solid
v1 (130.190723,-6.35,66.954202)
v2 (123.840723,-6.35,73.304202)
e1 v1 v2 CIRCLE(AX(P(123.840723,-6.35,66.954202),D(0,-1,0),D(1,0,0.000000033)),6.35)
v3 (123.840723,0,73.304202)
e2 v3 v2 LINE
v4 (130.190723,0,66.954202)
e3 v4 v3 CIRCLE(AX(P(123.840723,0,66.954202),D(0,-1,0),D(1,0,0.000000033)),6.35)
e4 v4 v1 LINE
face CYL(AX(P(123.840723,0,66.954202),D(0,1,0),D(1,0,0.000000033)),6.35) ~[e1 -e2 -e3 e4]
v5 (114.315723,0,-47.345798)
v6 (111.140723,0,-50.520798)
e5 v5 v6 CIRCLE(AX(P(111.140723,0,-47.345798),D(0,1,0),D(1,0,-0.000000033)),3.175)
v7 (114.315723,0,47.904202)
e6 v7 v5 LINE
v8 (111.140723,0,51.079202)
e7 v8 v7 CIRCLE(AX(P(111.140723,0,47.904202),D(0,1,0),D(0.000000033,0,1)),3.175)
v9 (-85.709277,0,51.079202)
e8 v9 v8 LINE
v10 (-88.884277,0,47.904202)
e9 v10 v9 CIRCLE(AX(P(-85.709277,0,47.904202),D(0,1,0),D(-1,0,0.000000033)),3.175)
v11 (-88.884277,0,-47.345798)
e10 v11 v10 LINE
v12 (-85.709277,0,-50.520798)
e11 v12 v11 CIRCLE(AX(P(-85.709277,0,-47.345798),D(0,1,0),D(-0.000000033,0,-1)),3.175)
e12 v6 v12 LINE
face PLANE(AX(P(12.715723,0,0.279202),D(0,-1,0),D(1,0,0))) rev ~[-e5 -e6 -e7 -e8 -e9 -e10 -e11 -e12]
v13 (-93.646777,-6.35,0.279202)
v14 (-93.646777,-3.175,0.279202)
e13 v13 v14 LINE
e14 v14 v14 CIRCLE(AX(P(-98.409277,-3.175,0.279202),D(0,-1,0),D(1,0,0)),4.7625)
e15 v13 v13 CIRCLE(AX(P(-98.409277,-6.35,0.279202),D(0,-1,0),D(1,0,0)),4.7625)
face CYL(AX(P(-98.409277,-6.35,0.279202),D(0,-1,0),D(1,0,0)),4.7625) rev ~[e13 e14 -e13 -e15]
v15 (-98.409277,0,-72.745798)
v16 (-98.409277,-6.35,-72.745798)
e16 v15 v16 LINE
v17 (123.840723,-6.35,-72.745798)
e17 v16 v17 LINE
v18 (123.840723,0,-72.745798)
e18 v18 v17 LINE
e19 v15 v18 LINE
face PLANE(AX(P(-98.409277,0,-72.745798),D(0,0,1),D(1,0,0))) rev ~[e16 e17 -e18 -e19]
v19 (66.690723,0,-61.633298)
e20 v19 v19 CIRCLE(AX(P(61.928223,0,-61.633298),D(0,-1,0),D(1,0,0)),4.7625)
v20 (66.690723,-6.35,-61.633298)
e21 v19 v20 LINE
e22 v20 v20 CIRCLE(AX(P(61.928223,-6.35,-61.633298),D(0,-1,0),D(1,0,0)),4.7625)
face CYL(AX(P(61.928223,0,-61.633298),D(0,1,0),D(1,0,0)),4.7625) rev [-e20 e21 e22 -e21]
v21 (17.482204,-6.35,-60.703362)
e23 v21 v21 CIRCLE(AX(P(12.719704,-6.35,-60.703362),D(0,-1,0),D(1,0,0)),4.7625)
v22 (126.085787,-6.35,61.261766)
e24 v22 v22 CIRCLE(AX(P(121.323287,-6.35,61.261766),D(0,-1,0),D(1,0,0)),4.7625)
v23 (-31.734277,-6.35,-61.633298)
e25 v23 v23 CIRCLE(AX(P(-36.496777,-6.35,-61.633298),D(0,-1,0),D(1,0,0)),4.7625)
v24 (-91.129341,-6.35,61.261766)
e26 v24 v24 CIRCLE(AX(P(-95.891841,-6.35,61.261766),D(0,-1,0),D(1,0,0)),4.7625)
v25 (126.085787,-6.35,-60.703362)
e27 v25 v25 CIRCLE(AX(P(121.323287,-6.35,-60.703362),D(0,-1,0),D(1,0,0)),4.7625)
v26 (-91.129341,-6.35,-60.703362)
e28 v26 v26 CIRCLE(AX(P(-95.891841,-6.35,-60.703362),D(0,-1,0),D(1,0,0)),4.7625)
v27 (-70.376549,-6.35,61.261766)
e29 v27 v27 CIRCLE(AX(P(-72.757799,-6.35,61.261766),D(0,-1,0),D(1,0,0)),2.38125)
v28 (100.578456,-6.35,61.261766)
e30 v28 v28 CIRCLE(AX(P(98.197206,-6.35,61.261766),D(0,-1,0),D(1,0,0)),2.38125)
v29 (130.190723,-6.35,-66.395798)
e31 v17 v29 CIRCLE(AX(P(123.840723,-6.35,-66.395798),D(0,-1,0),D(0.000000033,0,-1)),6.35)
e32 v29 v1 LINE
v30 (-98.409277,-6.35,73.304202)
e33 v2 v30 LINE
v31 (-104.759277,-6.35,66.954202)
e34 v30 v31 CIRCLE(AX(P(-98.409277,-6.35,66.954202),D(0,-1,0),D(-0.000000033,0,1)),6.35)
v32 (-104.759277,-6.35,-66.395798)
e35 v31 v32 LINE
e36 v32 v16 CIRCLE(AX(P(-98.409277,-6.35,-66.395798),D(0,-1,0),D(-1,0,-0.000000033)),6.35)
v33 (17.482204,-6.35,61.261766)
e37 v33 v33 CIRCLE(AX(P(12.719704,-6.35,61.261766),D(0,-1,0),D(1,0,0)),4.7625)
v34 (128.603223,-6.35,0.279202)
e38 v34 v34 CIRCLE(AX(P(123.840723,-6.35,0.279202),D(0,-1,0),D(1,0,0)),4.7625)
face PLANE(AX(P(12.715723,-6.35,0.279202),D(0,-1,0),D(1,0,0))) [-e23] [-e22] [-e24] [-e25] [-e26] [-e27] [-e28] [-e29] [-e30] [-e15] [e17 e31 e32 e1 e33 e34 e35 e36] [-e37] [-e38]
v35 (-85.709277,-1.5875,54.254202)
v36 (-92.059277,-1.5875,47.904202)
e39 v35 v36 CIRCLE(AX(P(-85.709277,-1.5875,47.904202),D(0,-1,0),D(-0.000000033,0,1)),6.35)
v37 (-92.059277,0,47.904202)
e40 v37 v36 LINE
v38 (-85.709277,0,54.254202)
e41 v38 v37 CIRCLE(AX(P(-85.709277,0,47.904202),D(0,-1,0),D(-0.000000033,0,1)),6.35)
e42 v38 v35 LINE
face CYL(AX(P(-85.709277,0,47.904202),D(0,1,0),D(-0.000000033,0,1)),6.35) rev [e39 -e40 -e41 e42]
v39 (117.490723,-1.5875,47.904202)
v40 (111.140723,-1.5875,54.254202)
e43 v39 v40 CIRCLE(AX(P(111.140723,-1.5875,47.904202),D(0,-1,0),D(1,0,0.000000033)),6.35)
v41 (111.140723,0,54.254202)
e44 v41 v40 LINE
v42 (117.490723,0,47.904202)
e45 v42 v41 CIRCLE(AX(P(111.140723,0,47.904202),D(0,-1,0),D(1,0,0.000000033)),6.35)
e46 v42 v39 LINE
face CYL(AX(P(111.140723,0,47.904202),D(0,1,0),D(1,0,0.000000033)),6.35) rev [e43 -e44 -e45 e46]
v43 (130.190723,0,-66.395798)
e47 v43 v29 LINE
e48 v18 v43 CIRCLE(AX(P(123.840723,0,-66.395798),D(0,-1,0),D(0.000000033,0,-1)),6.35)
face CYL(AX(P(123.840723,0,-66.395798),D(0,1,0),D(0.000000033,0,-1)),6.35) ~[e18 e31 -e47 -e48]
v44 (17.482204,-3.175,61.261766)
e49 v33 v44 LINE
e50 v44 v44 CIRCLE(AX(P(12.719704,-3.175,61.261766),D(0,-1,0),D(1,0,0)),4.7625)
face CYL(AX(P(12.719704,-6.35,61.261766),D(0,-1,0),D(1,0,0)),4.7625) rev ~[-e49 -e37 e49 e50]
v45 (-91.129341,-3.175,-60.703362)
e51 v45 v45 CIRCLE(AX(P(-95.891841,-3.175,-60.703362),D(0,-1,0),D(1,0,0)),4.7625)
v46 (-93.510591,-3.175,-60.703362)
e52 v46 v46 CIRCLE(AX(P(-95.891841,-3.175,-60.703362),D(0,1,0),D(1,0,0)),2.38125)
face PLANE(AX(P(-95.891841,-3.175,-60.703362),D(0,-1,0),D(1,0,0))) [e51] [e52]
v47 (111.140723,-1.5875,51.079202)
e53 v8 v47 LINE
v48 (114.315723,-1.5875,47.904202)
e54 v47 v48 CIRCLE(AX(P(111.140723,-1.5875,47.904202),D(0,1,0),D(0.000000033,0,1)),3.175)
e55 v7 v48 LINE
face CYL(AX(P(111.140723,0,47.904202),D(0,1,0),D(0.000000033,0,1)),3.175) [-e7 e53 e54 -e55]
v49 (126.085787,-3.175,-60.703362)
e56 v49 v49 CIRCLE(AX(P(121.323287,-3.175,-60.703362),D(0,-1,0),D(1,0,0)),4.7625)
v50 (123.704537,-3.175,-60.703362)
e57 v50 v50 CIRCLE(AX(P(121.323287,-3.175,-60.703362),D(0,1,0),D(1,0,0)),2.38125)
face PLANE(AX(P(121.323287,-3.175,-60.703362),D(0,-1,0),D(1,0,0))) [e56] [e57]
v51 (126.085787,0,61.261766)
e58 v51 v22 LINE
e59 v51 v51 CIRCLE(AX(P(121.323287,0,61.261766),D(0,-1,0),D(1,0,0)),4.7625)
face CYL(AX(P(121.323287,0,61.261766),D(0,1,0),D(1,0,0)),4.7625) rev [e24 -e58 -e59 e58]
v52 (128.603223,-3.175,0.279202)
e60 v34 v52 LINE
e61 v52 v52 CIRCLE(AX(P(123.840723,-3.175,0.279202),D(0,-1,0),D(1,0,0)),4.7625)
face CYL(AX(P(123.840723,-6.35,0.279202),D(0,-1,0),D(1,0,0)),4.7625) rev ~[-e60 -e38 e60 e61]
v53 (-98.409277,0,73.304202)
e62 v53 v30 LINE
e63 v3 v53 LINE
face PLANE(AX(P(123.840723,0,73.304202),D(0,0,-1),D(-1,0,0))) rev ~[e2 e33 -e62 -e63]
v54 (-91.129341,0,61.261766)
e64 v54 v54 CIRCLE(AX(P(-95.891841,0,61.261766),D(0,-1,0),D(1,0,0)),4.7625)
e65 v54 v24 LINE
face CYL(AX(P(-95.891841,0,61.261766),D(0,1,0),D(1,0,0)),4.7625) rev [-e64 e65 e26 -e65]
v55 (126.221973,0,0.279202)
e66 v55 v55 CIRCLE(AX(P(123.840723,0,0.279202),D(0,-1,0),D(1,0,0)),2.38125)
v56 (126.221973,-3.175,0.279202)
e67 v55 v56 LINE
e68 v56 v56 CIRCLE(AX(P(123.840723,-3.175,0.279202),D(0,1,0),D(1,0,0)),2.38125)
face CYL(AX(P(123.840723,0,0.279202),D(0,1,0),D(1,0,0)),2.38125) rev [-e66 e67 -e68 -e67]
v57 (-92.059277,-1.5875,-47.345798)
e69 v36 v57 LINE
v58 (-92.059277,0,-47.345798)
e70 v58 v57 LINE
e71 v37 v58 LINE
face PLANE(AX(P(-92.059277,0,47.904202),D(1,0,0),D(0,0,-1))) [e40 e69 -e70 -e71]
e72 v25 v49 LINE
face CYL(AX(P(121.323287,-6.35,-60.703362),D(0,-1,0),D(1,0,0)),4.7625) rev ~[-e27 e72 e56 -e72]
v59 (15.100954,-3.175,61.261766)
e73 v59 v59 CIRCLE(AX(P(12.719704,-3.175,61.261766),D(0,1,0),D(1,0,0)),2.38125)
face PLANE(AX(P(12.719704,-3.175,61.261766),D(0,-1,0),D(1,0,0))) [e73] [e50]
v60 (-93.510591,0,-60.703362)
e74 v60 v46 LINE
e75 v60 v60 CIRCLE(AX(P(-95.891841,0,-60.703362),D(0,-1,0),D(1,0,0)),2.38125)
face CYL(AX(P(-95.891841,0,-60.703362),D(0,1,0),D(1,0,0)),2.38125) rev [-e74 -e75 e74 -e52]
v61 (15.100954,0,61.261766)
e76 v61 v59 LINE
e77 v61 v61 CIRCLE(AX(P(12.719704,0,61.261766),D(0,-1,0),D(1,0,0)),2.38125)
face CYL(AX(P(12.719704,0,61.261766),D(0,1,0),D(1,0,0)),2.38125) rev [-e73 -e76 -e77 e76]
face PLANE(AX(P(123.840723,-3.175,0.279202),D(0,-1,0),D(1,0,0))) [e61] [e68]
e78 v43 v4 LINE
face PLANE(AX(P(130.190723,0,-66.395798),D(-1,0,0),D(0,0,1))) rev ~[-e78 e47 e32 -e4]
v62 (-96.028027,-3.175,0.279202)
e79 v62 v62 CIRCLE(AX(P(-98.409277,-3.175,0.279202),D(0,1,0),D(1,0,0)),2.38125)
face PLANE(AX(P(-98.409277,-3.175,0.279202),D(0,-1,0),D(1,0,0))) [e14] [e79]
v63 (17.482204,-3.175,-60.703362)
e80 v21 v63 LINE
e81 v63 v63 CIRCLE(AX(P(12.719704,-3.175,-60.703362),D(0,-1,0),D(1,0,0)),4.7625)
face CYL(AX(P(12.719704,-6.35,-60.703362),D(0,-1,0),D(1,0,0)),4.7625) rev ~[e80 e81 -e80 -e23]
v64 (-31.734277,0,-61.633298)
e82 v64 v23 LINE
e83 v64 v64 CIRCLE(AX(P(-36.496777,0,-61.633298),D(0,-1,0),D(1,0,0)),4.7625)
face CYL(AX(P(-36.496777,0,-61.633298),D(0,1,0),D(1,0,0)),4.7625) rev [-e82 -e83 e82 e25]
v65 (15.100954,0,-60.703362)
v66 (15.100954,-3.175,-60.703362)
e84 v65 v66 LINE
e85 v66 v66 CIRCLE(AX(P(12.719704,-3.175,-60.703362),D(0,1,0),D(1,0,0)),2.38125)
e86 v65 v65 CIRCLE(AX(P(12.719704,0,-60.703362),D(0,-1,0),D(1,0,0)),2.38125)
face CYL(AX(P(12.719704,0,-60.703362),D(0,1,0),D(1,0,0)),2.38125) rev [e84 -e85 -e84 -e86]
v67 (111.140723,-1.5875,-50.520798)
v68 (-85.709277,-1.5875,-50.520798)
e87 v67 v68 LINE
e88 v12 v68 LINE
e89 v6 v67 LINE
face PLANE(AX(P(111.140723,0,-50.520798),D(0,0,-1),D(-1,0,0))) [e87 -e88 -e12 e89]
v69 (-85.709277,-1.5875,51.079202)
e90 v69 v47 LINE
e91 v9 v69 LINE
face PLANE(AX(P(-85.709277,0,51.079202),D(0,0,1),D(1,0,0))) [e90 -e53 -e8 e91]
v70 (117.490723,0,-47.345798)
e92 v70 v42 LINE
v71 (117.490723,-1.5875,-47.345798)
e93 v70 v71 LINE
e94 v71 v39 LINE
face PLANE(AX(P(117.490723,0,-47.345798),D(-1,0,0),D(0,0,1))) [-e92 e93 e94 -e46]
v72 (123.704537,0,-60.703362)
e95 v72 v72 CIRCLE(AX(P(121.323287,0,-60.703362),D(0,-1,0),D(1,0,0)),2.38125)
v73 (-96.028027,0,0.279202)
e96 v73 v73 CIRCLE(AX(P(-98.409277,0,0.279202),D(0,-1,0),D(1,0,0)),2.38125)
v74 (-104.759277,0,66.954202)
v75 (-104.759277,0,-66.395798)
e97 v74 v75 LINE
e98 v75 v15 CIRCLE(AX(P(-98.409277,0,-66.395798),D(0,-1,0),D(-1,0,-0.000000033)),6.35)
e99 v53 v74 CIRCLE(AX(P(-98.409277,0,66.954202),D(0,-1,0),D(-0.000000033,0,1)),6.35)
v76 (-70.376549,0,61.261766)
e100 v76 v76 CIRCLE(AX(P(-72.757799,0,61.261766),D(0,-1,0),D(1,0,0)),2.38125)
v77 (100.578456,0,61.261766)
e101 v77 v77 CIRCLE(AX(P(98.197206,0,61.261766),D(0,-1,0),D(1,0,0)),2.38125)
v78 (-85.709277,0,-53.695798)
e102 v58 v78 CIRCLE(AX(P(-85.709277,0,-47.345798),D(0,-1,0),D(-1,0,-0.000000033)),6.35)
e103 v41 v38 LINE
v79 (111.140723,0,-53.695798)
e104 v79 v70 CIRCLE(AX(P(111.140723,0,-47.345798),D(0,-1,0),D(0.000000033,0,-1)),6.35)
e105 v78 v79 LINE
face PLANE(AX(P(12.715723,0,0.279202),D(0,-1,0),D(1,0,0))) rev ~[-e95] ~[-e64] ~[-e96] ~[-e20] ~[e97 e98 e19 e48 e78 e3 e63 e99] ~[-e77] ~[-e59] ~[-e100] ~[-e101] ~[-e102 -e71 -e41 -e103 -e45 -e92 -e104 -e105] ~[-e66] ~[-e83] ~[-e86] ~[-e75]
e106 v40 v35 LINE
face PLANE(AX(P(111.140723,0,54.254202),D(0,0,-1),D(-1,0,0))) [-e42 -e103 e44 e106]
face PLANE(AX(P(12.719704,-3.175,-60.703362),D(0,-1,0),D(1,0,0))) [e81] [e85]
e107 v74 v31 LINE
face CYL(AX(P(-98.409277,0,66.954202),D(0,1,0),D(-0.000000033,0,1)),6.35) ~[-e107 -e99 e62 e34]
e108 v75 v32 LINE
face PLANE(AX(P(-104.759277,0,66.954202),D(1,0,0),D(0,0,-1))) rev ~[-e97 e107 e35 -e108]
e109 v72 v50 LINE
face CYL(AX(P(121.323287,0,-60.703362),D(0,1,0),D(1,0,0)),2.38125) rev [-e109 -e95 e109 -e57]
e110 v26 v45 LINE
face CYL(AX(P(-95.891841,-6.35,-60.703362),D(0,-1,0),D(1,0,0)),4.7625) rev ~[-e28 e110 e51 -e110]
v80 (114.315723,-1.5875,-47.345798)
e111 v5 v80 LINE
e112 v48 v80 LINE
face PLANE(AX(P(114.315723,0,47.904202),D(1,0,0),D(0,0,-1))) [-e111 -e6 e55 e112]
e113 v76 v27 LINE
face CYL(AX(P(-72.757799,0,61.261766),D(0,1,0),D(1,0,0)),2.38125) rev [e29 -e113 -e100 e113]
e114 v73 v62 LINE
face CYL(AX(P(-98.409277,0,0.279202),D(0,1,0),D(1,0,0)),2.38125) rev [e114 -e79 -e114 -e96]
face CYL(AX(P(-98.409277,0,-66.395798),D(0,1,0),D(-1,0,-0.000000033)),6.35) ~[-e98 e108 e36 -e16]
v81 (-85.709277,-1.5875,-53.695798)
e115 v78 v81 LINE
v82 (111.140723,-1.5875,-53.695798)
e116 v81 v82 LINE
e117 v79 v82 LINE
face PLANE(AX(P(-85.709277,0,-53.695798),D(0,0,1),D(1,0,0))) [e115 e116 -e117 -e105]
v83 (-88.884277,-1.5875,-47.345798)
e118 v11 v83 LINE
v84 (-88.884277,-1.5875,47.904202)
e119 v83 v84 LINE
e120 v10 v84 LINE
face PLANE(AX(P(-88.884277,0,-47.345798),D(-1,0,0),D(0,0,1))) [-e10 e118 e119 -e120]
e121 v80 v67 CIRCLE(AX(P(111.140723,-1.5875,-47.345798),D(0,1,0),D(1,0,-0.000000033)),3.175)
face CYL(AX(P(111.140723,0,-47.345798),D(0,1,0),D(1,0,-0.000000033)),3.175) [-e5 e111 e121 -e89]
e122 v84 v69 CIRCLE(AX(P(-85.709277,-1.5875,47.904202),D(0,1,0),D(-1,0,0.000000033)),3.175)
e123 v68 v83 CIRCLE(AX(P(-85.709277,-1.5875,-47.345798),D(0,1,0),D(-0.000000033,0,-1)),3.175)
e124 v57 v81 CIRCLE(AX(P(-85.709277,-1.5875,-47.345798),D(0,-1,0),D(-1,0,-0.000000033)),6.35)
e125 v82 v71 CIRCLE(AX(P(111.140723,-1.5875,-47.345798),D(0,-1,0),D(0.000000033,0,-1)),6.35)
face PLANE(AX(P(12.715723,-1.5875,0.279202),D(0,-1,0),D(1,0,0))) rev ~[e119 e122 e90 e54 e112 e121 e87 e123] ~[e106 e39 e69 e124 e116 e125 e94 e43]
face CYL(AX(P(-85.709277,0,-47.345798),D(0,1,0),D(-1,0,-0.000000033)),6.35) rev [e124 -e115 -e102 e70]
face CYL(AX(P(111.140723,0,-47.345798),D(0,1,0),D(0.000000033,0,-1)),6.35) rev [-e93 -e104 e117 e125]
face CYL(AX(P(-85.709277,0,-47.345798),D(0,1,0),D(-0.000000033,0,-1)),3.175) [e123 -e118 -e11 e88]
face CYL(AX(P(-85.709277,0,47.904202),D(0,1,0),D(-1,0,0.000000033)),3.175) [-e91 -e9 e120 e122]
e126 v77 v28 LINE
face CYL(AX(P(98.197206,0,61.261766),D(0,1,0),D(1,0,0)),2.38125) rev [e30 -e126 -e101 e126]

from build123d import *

# Parameters (mm, degrees)
F0_R     = 2.38125
F0_R_2   = 4.7625
F1_DEPTH = 6.35
F2_R     = 4.7625
F3_DEPTH = 3.175
F5_DEPTH = 1.5875


with BuildPart() as f1:
    # F0 (on Front) → F1 (new body)
    with BuildSketch(Plane.XZ):
        with BuildLine():
            Line((123.840723, 73.304202), (-98.409277, 73.304202))
            ThreePointArc((-98.409277, 73.304202), (-102.899405, 71.44433), (-104.759277, 66.954202))
            Line((-104.759277, 66.954202), (-104.759277, -66.395798))
            ThreePointArc((-104.759277, -66.395798), (-102.899405, -70.885926), (-98.409277, -72.745798))
            Line((-98.409277, -72.745798), (123.840723, -72.745798))
            ThreePointArc((123.840723, -72.745798), (128.330851, -70.885926), (130.190723, -66.395798))
            Line((130.190723, -66.395798), (130.190723, 66.954202))
            ThreePointArc((130.190723, 66.954202), (128.330851, 71.44433), (123.840723, 73.304202))
        make_face()
        with Locations((-95.891841, -60.703362)):
            Circle(F0_R, mode=Mode.SUBTRACT)
        with Locations((-36.496777, -61.633298)):
            Circle(F0_R_2, mode=Mode.SUBTRACT)
        with Locations((12.719704, -60.703362)):
            Circle(F0_R, mode=Mode.SUBTRACT)
        with Locations((61.928223, -61.633298)):
            Circle(F0_R_2, mode=Mode.SUBTRACT)
        with Locations((121.323287, -60.703362)):
            Circle(F0_R, mode=Mode.SUBTRACT)
        with Locations((-98.409277, 0.279202)):
            Circle(F0_R, mode=Mode.SUBTRACT)
        with Locations((-95.891841, 61.261766)):
            Circle(F0_R_2, mode=Mode.SUBTRACT)
        with Locations((-72.757799, 61.261766)):
            Circle(F0_R, mode=Mode.SUBTRACT)
        with Locations((123.840723, 0.279202)):
            Circle(F0_R, mode=Mode.SUBTRACT)
        with Locations((12.719704, 61.261766)):
            Circle(F0_R, mode=Mode.SUBTRACT)
        with Locations((98.197206, 61.261766)):
            Circle(F0_R, mode=Mode.SUBTRACT)
        with Locations((121.323287, 61.261766)):
            Circle(F0_R_2, mode=Mode.SUBTRACT)
    extrude(amount=F1_DEPTH)

    # F2 (on face) → F3 (cut)
    with BuildSketch(Plane.XZ.offset(6.35)):
        with Locations((-98.409277, 0.279202)):
            Circle(F2_R)
        with Locations((12.719704, 61.261766)):
            Circle(F2_R)
        with Locations((123.840723, 0.279202)):
            Circle(F2_R)
        with Locations((121.323287, -60.703362)):
            Circle(F2_R)
        with Locations((12.719704, -60.703362)):
            Circle(F2_R)
        with Locations((-95.891841, -60.703362)):
            Circle(F2_R)
    extrude(amount=-F3_DEPTH, mode=Mode.SUBTRACT)

    # F4 (on face) → F5 (cut)
    with BuildSketch(Plane.XZ):
        with BuildLine():
            Line((117.490723, -47.345798), (117.490723, 47.904202))
            ThreePointArc((117.490723, 47.904202), (115.630851, 52.39433), (111.140723, 54.254202))
            Line((111.140723, 54.254202), (-85.709277, 54.254202))
            ThreePointArc((-85.709277, 54.254202), (-90.199405, 52.39433), (-92.059277, 47.904202))
            Line((-92.059277, 47.904202), (-92.059277, -47.345798))
            ThreePointArc((-92.059277, -47.345798), (-90.199405, -51.835926), (-85.709277, -53.695798))
            Line((-85.709277, -53.695798), (111.140723, -53.695798))
            ThreePointArc((111.140723, -53.695798), (115.630851, -51.835926), (117.490723, -47.345798))
        make_face()
        with BuildLine():
            ThreePointArc((111.140723, 51.079202), (113.385787, 50.149266), (114.315723, 47.904202))
            Line((114.315723, 47.904202), (114.315723, -47.345798))
            ThreePointArc((114.315723, -47.345798), (113.385787, -49.590862), (111.140723, -50.520798))
            Line((111.140723, -50.520798), (-85.709277, -50.520798))
            ThreePointArc((-85.709277, -50.520798), (-87.954341, -49.590862), (-88.884277, -47.345798))
            Line((-88.884277, -47.345798), (-88.884277, 47.904202))
            ThreePointArc((-88.884277, 47.904202), (-87.954341, 50.149266), (-85.709277, 51.079202))
            Line((-85.709277, 51.079202), (111.140723, 51.079202))
        make_face(mode=Mode.SUBTRACT)
    extrude(amount=F5_DEPTH, mode=Mode.SUBTRACT)


solid = f1.part
